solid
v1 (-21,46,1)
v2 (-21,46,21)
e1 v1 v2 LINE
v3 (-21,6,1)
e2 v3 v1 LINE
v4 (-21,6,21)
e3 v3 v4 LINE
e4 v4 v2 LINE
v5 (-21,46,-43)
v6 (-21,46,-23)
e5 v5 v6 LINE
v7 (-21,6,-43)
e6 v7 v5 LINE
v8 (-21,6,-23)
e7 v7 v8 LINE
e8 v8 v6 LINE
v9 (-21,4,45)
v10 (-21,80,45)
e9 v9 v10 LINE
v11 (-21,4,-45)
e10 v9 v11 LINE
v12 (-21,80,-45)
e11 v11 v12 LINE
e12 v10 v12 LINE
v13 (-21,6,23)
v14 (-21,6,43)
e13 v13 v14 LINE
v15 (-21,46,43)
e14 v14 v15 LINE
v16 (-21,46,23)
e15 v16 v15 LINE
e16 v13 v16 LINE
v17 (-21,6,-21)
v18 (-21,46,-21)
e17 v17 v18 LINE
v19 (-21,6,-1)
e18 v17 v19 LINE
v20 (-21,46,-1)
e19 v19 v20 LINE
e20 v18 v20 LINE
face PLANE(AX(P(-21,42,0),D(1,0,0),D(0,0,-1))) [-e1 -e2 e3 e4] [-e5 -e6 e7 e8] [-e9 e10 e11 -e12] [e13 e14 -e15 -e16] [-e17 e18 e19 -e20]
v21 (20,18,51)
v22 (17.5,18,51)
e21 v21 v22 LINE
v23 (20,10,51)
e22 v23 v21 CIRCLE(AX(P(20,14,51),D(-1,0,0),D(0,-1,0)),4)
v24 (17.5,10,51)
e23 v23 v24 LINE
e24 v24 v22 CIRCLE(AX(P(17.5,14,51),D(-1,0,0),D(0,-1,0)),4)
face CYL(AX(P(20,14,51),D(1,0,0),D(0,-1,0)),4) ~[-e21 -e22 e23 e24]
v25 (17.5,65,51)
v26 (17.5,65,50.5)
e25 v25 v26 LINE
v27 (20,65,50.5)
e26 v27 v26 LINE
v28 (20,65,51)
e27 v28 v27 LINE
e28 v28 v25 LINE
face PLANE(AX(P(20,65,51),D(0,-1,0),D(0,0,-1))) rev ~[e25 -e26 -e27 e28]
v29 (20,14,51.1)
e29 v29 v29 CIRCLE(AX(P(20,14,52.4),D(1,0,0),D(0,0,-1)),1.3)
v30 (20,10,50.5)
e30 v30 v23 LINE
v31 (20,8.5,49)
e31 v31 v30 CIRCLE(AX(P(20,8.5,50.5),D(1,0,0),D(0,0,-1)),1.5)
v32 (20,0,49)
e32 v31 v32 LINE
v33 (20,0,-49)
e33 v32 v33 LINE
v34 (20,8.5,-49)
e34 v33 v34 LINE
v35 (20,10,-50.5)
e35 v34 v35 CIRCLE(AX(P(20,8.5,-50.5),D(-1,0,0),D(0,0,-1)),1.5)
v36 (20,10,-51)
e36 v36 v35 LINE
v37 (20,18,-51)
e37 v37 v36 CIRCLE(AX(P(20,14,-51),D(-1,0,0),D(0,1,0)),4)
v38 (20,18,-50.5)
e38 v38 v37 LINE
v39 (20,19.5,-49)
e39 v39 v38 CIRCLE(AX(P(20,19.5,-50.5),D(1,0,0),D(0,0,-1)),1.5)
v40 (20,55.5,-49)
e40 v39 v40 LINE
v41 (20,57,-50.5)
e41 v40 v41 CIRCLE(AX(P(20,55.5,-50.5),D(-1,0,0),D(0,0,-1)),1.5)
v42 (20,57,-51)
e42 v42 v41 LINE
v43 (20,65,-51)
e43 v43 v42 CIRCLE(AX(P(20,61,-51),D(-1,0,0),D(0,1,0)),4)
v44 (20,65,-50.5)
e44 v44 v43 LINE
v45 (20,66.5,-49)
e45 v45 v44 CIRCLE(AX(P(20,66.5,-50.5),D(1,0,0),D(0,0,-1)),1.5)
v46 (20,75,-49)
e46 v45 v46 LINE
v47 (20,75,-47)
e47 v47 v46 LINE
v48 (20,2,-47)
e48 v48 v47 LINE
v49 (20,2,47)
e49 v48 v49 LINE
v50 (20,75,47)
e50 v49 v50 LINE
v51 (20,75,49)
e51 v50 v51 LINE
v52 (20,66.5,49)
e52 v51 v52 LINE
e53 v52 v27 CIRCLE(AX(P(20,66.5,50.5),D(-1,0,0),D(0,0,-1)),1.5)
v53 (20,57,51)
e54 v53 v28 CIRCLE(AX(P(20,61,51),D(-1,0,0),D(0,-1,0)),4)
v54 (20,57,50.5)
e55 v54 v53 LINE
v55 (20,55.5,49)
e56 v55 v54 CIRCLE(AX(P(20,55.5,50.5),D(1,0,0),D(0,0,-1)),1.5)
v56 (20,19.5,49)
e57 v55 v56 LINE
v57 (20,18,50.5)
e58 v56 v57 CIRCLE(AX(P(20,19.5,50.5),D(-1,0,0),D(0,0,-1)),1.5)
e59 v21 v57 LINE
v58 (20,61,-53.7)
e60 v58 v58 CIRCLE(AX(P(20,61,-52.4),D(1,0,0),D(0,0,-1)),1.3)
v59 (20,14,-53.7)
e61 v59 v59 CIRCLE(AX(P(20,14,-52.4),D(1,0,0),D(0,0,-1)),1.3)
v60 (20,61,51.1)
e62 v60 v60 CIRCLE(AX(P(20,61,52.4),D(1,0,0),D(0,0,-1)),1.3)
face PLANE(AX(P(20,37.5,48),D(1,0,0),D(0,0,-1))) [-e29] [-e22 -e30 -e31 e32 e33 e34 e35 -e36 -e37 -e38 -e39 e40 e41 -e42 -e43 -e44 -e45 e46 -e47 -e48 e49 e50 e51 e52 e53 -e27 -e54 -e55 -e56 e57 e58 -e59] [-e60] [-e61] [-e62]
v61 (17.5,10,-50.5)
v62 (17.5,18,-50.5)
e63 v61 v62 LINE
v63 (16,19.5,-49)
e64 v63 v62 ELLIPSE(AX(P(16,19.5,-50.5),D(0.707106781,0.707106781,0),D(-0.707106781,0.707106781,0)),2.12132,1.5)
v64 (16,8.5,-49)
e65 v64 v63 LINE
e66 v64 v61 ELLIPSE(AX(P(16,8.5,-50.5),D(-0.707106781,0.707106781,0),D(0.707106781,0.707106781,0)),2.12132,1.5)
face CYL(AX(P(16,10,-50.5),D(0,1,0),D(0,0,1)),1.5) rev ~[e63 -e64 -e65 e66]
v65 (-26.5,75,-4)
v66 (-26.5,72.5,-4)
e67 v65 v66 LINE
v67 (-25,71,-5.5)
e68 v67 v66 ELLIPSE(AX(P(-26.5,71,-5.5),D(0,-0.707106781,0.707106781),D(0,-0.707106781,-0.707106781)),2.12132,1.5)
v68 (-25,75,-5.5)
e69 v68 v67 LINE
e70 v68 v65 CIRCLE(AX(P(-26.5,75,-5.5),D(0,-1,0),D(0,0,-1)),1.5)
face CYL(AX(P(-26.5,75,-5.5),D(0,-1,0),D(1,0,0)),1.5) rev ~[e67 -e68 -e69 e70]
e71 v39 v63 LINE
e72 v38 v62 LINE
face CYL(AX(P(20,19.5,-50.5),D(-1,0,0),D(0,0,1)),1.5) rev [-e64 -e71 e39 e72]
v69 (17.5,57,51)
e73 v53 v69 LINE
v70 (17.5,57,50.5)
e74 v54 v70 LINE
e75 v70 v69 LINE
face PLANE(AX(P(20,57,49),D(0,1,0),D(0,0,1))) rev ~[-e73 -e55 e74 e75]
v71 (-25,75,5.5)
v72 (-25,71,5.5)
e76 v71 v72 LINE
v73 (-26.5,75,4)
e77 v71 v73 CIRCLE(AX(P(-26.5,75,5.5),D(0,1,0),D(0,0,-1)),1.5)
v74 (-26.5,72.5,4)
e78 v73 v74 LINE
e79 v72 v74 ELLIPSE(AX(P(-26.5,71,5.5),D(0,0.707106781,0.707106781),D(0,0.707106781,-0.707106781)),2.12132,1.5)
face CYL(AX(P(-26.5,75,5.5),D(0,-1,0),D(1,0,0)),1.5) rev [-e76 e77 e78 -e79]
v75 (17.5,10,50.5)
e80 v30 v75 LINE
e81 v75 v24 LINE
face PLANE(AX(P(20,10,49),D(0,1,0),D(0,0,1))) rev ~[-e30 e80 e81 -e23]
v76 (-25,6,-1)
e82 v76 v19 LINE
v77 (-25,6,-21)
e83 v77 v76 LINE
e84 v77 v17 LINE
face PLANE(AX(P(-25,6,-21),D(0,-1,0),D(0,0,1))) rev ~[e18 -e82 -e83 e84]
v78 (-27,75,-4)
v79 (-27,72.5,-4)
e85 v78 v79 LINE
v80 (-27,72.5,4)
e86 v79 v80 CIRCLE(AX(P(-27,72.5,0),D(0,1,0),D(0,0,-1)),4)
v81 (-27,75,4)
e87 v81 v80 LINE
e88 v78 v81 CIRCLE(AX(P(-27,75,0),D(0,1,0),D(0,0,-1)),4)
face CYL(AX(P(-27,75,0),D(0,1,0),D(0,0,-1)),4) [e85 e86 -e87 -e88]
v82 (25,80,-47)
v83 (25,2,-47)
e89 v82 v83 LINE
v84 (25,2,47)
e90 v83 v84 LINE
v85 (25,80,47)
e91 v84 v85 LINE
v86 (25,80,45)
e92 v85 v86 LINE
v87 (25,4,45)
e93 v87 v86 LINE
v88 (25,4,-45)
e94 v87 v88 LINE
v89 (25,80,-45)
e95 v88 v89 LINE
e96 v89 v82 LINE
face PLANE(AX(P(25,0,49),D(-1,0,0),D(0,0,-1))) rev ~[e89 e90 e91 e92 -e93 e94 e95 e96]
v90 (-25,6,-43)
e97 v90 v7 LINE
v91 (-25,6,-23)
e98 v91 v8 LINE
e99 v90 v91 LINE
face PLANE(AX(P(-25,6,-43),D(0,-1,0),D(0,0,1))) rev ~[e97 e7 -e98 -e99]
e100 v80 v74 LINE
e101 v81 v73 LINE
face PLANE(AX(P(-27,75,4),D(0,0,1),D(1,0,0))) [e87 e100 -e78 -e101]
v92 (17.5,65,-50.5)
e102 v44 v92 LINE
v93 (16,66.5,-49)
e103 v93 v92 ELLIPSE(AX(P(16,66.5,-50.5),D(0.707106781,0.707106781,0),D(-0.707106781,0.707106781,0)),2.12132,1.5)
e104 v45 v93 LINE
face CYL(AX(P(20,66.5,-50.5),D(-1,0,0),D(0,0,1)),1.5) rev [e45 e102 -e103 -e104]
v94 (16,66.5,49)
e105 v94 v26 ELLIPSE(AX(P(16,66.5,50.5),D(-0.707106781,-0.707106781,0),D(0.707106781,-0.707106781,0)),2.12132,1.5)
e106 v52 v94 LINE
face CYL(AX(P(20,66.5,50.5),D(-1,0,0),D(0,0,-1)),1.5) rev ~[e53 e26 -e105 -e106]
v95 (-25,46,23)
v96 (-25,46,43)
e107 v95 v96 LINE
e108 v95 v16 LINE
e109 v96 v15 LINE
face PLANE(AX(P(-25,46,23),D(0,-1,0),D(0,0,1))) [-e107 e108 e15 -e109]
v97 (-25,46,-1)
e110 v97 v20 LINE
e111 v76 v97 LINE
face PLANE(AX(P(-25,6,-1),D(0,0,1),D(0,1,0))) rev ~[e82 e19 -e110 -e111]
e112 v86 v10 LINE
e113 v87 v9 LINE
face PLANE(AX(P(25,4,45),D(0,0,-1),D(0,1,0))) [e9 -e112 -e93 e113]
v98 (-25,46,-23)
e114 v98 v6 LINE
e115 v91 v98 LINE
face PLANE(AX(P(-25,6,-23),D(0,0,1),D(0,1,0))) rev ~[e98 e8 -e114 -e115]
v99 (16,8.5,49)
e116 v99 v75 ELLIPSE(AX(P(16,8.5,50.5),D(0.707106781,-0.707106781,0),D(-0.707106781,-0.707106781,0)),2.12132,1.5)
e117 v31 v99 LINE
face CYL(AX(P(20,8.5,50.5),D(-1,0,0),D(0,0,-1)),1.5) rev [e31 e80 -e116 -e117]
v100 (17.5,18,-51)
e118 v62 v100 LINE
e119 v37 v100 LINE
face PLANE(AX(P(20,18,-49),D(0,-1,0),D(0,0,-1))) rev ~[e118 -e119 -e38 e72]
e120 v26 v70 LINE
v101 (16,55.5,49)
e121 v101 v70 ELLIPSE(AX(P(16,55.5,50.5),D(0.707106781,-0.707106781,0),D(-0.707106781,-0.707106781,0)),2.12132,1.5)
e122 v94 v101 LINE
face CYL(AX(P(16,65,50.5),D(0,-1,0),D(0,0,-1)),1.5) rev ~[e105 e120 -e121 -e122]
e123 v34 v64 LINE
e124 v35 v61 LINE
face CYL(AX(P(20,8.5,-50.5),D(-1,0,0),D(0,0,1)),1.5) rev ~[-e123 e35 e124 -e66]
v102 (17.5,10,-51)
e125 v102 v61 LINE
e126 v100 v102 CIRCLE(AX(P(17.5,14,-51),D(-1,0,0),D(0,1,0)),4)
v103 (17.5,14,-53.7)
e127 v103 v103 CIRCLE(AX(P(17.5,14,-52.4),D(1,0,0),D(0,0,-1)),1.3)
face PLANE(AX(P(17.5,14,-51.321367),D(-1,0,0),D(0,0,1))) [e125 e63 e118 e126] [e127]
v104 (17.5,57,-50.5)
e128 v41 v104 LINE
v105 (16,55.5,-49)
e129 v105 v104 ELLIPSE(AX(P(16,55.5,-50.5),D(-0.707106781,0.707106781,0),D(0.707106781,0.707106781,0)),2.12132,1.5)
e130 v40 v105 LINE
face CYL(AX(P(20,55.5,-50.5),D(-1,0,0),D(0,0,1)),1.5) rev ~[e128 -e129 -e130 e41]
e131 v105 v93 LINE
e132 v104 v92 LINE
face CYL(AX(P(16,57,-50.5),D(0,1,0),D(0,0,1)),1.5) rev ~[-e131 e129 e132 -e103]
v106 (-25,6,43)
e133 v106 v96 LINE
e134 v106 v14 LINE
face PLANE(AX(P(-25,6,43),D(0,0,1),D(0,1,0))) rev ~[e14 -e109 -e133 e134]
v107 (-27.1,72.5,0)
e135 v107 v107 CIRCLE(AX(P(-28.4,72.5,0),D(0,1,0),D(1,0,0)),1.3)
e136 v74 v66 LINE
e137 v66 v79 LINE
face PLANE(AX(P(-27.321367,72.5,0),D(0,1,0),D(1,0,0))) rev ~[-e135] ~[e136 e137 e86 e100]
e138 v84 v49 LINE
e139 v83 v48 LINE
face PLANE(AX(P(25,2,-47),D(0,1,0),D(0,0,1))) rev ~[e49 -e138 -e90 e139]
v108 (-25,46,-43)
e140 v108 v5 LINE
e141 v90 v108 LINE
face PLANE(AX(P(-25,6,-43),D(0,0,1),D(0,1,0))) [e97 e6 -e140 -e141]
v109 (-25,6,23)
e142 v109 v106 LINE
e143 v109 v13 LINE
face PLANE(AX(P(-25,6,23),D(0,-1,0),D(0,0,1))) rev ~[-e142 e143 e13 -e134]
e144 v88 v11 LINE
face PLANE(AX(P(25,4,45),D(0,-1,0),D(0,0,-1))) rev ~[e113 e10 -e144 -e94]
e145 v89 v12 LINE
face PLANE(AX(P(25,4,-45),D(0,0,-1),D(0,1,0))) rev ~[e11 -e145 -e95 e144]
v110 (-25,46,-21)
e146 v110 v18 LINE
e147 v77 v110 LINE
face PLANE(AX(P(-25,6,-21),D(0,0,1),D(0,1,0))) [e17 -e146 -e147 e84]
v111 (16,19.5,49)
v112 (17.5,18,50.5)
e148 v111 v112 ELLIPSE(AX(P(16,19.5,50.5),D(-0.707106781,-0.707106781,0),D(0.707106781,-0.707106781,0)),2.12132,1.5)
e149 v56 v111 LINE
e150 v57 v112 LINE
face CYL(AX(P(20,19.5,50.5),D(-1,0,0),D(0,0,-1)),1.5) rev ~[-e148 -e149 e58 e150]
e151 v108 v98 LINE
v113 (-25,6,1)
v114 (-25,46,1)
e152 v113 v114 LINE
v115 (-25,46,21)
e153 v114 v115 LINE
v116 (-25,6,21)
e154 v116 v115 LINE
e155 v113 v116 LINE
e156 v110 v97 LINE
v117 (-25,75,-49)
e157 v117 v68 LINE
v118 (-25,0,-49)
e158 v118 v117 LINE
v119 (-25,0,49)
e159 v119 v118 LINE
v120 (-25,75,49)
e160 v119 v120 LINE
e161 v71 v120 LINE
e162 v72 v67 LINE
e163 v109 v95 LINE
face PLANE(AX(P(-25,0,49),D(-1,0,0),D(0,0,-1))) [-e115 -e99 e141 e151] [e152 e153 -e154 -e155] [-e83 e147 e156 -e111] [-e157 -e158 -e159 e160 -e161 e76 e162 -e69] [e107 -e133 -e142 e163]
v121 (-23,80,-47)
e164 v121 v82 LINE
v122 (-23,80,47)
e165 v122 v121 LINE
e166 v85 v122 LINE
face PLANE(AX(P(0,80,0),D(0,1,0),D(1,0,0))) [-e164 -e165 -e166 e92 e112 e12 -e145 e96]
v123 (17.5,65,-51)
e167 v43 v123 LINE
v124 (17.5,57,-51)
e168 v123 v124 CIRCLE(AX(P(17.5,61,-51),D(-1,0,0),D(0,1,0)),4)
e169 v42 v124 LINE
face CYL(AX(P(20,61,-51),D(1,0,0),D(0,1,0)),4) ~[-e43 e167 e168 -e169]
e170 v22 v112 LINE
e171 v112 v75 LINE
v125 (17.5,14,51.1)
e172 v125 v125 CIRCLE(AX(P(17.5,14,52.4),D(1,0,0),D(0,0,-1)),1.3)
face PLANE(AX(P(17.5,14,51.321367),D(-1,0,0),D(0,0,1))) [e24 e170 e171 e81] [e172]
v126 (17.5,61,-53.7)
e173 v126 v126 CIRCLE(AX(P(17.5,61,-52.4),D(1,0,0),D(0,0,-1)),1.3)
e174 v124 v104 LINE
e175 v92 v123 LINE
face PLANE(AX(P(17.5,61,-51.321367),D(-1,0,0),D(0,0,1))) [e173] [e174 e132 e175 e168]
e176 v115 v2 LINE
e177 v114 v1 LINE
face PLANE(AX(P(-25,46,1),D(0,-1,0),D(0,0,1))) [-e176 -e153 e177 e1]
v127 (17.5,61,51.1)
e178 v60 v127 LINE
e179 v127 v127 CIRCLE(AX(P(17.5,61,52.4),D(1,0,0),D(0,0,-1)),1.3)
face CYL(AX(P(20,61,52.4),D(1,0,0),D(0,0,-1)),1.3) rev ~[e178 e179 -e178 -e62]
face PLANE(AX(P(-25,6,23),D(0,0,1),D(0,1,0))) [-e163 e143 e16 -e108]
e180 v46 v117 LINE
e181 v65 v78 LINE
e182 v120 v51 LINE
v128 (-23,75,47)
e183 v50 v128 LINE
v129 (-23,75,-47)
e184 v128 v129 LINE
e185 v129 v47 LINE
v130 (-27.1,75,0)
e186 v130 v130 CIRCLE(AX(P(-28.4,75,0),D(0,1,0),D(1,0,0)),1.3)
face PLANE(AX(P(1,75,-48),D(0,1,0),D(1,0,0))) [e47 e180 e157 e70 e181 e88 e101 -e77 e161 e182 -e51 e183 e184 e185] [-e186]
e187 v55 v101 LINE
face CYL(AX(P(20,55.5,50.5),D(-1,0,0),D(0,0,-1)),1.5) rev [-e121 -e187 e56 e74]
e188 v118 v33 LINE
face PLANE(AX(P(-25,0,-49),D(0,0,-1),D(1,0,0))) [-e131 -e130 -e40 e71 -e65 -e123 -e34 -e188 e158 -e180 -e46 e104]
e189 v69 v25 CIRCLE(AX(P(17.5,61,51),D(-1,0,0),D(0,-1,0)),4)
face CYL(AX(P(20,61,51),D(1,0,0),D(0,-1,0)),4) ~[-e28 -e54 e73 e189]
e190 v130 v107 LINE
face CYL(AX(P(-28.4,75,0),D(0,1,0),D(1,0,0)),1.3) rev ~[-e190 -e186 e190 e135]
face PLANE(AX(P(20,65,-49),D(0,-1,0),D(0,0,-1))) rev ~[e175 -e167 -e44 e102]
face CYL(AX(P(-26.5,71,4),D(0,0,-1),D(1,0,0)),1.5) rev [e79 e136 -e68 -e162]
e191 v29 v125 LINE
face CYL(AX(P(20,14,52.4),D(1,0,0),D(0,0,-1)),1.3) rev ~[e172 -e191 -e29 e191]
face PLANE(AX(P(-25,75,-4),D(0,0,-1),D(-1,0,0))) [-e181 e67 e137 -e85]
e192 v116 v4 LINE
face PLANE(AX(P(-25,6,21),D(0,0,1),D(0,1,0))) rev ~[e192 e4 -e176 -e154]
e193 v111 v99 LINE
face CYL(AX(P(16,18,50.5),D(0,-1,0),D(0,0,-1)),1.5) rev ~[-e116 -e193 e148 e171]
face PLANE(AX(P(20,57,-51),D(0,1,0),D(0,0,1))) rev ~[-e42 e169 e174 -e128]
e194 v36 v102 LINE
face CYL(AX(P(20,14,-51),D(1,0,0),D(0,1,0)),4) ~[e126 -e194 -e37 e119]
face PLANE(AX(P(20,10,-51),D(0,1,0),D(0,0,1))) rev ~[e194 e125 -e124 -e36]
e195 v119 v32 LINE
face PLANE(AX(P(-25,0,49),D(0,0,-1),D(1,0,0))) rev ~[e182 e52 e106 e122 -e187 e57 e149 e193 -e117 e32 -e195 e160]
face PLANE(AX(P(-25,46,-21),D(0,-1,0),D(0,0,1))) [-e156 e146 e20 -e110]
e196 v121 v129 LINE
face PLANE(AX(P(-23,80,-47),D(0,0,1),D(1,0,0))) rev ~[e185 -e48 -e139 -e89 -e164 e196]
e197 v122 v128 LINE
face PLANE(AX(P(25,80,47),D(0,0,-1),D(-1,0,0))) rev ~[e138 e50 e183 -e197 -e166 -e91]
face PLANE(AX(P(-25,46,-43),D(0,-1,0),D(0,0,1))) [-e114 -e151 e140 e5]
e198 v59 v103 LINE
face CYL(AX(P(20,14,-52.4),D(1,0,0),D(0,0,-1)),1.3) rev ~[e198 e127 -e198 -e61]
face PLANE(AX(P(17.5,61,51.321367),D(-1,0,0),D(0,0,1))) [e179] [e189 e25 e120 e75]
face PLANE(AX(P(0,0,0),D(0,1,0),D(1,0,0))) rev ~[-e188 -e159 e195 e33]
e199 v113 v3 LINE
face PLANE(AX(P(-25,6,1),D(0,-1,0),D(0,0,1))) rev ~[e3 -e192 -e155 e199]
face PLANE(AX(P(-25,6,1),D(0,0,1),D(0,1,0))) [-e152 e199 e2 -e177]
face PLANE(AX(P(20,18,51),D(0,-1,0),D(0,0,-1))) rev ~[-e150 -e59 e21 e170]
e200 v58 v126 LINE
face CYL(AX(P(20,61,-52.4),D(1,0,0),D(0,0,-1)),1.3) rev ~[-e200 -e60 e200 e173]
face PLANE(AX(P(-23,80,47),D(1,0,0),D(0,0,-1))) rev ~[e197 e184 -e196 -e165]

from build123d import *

# Parameters (mm, degrees)
SKETCH1_W           = 50
SKETCH1_H           = 98
BOSS_EXTRUDE3_DEPTH = 80
SKETCH4_W           = 90
SKETCH4_H           = 76
CUT_EXTRUDE2_DEPTH  = 46
SKETCH6_W           = 48
SKETCH6_H           = 2
CUT_EXTRUDE3_DEPTH  = 5
SKETCH7_W           = 2
SKETCH7_H           = 73
CUT_EXTRUDE4_DEPTH  = 5
SKETCH10_R          = 1.3
BOSS_EXTRUDE6_DEPTH = 2.5
FILLET2_R           = 1.5
FILLET3_R           = 1.5
SKETCH12_R          = 1.3
BOSS_EXTRUDE7_DEPTH = 2.5
FILLET4_R           = 1.5
CUT_EXTRUDE5_REACH  = 52
SKETCH14_W          = 20
SKETCH14_H          = 40


with BuildPart() as part:
    # Sketch1 → Boss-Extrude3 (new body)
    with BuildSketch(Plane(origin=(0, 0, 0), x_dir=(1, 0, 0), z_dir=(0, 1, 0))):
        Rectangle(SKETCH1_W, SKETCH1_H)
    extrude(amount=BOSS_EXTRUDE3_DEPTH)

    # Sketch4 → Cut-Extrude2 (cut)
    with BuildSketch(Plane(origin=(25, 0, 0), x_dir=(0, 0, -1), z_dir=(1, 0, 0))):
        with Locations((0, 42)):
            Rectangle(SKETCH4_W, SKETCH4_H)
    extrude(amount=-CUT_EXTRUDE2_DEPTH, mode=Mode.SUBTRACT)

    # Sketch6 → Cut-Extrude3 (cut)
    with BuildSketch(Plane(origin=(0, 80, 0), x_dir=(1, 0, 0), z_dir=(0, 1, 0))):
        with Locations((1, 48)):
            Rectangle(SKETCH6_W, SKETCH6_H)
        Polygon((-25, 49), (-25, -47), (-23, -47), (-23, 47), (-23, 49), align=None)
        Polygon((-25, -49), (25, -49), (25, -47), (-23, -47), (-25, -47), align=None)
    extrude(amount=-CUT_EXTRUDE3_DEPTH, mode=Mode.SUBTRACT)

    # Sketch7 → Cut-Extrude4 (cut)
    with BuildSketch(Plane(origin=(25, 0, 0), x_dir=(0, 0, -1), z_dir=(1, 0, 0))):
        Polygon((-47, 75), (-49, 75), (-49, 0), (-47, 0), (-47, 2), align=None)
        Polygon((47, 2), (-47, 2), (-47, 0), (49, 0), (49, 2), align=None)
        with Locations((48, 38.5)):
            Rectangle(SKETCH7_W, SKETCH7_H)
    extrude(amount=-CUT_EXTRUDE4_DEPTH, mode=Mode.SUBTRACT)

    # Sketch10 → Boss-Extrude6 (add)
    with BuildSketch(Plane(origin=(20, 0, 0), x_dir=(0, 0, -1), z_dir=(1, 0, 0))):
        with BuildLine():
            Line((-49, 10), (-51, 10))
            ThreePointArc((-51, 10), (-55, 14), (-51, 18))
            Line((-51, 18), (-49, 18))
            Line((-49, 18), (-49, 10))
        make_face()
        with Locations((-52.4, 14)):
            Circle(SKETCH10_R, mode=Mode.SUBTRACT)
        with BuildLine():
            Line((-49, 65), (-49, 57))
            Line((-49, 57), (-51, 57))
            ThreePointArc((-51, 57), (-55, 61), (-51, 65))
            Line((-51, 65), (-49, 65))
        make_face()
        with Locations((-52.4, 61)):
            Circle(SKETCH10_R, mode=Mode.SUBTRACT)
        with BuildLine():
            Line((49, 10), (49, 18))
            Line((49, 18), (51, 18))
            ThreePointArc((51, 18), (55, 14), (51, 10))
            Line((51, 10), (49, 10))
        make_face()
        with Locations((52.4, 14)):
            Circle(SKETCH10_R, mode=Mode.SUBTRACT)
        with BuildLine():
            Line((49, 65), (51, 65))
            ThreePointArc((51, 65), (55, 61), (51, 57))
            Line((51, 57), (49, 57))
            Line((49, 57), (49, 65))
        make_face()
        with Locations((52.4, 61)):
            Circle(SKETCH10_R, mode=Mode.SUBTRACT)
    extrude(amount=-BOSS_EXTRUDE6_DEPTH)

    # Fillet2
    fillet2_edges = [part.edges().sort_by_distance(p)[0] for p in [
        (17.5, 61, 49),
        (18.75, 65, 49),
        (18.75, 57, 49),
        (17.5, 14, 49),
        (18.75, 18, 49),
        (18.75, 10, 49),
    ]]
    fillet(fillet2_edges, radius=FILLET2_R)

    # Fillet3
    fillet3_edges = [part.edges().sort_by_distance(p)[0] for p in [
        (17.5, 14, -49),
        (18.75, 10, -49),
        (18.75, 18, -49),
        (17.5, 61, -49),
        (18.75, 57, -49),
        (18.75, 65, -49),
    ]]
    fillet(fillet3_edges, radius=FILLET3_R)

    # Sketch12 → Boss-Extrude7 (add)
    with BuildSketch(Plane(origin=(0, 75, 0), x_dir=(1, 0, 0), z_dir=(0, 1, 0))):
        with BuildLine():
            Line((-25, 4), (-27, 4))
            ThreePointArc((-27, 4), (-31, 0), (-27, -4))
            Line((-27, -4), (-25, -4))
            Line((-25, -4), (-25, 4))
        make_face()
        with Locations((-28.4, 0)):
            Circle(SKETCH12_R, mode=Mode.SUBTRACT)
    extrude(amount=-BOSS_EXTRUDE7_DEPTH)

    # Fillet4
    fillet4_edges = [part.edges().sort_by_distance(p)[0] for p in [
        (-25, 72.5, 0),
        (-25, 73.75, -4),
        (-25, 73.75, 4),
    ]]
    fillet(fillet4_edges, radius=FILLET4_R)

    # Sketch14 → Cut-Extrude5 (cut, up to next)
    with BuildSketch(Plane.ZY.offset(25), mode=Mode.PRIVATE) as cut_extrude5_sk1:
        with Locations((33, 26)):
            Rectangle(SKETCH14_W, SKETCH14_H)
    cut_extrude5_tool1 = extrude(cut_extrude5_sk1.sketch, amount=-CUT_EXTRUDE5_REACH, mode=Mode.PRIVATE) & part.part
    add(cut_extrude5_tool1.solids().sort_by_distance((-25, 26, 33))[0], mode=Mode.SUBTRACT)
    # Sketch14 → Cut-Extrude5 (cut, up to next)
    with BuildSketch(Plane.ZY.offset(25), mode=Mode.PRIVATE) as cut_extrude5_sk2:
        with Locations((11, 26)):
            Rectangle(SKETCH14_W, SKETCH14_H)
    cut_extrude5_tool2 = extrude(cut_extrude5_sk2.sketch, amount=-CUT_EXTRUDE5_REACH, mode=Mode.PRIVATE) & part.part
    add(cut_extrude5_tool2.solids().sort_by_distance((-25, 26, 11))[0], mode=Mode.SUBTRACT)
    # Sketch14 → Cut-Extrude5 (cut, up to next)
    with BuildSketch(Plane.ZY.offset(25), mode=Mode.PRIVATE) as cut_extrude5_sk3:
        with Locations((-11, 26)):
            Rectangle(SKETCH14_W, SKETCH14_H)
    cut_extrude5_tool3 = extrude(cut_extrude5_sk3.sketch, amount=-CUT_EXTRUDE5_REACH, mode=Mode.PRIVATE) & part.part
    add(cut_extrude5_tool3.solids().sort_by_distance((-25, 26, -11))[0], mode=Mode.SUBTRACT)
    # Sketch14 → Cut-Extrude5 (cut, up to next)
    with BuildSketch(Plane.ZY.offset(25), mode=Mode.PRIVATE) as cut_extrude5_sk4:
        with Locations((-33, 26)):
            Rectangle(SKETCH14_W, SKETCH14_H)
    cut_extrude5_tool4 = extrude(cut_extrude5_sk4.sketch, amount=-CUT_EXTRUDE5_REACH, mode=Mode.PRIVATE) & part.part
    add(cut_extrude5_tool4.solids().sort_by_distance((-25, 26, -33))[0], mode=Mode.SUBTRACT)


solid = part.part
